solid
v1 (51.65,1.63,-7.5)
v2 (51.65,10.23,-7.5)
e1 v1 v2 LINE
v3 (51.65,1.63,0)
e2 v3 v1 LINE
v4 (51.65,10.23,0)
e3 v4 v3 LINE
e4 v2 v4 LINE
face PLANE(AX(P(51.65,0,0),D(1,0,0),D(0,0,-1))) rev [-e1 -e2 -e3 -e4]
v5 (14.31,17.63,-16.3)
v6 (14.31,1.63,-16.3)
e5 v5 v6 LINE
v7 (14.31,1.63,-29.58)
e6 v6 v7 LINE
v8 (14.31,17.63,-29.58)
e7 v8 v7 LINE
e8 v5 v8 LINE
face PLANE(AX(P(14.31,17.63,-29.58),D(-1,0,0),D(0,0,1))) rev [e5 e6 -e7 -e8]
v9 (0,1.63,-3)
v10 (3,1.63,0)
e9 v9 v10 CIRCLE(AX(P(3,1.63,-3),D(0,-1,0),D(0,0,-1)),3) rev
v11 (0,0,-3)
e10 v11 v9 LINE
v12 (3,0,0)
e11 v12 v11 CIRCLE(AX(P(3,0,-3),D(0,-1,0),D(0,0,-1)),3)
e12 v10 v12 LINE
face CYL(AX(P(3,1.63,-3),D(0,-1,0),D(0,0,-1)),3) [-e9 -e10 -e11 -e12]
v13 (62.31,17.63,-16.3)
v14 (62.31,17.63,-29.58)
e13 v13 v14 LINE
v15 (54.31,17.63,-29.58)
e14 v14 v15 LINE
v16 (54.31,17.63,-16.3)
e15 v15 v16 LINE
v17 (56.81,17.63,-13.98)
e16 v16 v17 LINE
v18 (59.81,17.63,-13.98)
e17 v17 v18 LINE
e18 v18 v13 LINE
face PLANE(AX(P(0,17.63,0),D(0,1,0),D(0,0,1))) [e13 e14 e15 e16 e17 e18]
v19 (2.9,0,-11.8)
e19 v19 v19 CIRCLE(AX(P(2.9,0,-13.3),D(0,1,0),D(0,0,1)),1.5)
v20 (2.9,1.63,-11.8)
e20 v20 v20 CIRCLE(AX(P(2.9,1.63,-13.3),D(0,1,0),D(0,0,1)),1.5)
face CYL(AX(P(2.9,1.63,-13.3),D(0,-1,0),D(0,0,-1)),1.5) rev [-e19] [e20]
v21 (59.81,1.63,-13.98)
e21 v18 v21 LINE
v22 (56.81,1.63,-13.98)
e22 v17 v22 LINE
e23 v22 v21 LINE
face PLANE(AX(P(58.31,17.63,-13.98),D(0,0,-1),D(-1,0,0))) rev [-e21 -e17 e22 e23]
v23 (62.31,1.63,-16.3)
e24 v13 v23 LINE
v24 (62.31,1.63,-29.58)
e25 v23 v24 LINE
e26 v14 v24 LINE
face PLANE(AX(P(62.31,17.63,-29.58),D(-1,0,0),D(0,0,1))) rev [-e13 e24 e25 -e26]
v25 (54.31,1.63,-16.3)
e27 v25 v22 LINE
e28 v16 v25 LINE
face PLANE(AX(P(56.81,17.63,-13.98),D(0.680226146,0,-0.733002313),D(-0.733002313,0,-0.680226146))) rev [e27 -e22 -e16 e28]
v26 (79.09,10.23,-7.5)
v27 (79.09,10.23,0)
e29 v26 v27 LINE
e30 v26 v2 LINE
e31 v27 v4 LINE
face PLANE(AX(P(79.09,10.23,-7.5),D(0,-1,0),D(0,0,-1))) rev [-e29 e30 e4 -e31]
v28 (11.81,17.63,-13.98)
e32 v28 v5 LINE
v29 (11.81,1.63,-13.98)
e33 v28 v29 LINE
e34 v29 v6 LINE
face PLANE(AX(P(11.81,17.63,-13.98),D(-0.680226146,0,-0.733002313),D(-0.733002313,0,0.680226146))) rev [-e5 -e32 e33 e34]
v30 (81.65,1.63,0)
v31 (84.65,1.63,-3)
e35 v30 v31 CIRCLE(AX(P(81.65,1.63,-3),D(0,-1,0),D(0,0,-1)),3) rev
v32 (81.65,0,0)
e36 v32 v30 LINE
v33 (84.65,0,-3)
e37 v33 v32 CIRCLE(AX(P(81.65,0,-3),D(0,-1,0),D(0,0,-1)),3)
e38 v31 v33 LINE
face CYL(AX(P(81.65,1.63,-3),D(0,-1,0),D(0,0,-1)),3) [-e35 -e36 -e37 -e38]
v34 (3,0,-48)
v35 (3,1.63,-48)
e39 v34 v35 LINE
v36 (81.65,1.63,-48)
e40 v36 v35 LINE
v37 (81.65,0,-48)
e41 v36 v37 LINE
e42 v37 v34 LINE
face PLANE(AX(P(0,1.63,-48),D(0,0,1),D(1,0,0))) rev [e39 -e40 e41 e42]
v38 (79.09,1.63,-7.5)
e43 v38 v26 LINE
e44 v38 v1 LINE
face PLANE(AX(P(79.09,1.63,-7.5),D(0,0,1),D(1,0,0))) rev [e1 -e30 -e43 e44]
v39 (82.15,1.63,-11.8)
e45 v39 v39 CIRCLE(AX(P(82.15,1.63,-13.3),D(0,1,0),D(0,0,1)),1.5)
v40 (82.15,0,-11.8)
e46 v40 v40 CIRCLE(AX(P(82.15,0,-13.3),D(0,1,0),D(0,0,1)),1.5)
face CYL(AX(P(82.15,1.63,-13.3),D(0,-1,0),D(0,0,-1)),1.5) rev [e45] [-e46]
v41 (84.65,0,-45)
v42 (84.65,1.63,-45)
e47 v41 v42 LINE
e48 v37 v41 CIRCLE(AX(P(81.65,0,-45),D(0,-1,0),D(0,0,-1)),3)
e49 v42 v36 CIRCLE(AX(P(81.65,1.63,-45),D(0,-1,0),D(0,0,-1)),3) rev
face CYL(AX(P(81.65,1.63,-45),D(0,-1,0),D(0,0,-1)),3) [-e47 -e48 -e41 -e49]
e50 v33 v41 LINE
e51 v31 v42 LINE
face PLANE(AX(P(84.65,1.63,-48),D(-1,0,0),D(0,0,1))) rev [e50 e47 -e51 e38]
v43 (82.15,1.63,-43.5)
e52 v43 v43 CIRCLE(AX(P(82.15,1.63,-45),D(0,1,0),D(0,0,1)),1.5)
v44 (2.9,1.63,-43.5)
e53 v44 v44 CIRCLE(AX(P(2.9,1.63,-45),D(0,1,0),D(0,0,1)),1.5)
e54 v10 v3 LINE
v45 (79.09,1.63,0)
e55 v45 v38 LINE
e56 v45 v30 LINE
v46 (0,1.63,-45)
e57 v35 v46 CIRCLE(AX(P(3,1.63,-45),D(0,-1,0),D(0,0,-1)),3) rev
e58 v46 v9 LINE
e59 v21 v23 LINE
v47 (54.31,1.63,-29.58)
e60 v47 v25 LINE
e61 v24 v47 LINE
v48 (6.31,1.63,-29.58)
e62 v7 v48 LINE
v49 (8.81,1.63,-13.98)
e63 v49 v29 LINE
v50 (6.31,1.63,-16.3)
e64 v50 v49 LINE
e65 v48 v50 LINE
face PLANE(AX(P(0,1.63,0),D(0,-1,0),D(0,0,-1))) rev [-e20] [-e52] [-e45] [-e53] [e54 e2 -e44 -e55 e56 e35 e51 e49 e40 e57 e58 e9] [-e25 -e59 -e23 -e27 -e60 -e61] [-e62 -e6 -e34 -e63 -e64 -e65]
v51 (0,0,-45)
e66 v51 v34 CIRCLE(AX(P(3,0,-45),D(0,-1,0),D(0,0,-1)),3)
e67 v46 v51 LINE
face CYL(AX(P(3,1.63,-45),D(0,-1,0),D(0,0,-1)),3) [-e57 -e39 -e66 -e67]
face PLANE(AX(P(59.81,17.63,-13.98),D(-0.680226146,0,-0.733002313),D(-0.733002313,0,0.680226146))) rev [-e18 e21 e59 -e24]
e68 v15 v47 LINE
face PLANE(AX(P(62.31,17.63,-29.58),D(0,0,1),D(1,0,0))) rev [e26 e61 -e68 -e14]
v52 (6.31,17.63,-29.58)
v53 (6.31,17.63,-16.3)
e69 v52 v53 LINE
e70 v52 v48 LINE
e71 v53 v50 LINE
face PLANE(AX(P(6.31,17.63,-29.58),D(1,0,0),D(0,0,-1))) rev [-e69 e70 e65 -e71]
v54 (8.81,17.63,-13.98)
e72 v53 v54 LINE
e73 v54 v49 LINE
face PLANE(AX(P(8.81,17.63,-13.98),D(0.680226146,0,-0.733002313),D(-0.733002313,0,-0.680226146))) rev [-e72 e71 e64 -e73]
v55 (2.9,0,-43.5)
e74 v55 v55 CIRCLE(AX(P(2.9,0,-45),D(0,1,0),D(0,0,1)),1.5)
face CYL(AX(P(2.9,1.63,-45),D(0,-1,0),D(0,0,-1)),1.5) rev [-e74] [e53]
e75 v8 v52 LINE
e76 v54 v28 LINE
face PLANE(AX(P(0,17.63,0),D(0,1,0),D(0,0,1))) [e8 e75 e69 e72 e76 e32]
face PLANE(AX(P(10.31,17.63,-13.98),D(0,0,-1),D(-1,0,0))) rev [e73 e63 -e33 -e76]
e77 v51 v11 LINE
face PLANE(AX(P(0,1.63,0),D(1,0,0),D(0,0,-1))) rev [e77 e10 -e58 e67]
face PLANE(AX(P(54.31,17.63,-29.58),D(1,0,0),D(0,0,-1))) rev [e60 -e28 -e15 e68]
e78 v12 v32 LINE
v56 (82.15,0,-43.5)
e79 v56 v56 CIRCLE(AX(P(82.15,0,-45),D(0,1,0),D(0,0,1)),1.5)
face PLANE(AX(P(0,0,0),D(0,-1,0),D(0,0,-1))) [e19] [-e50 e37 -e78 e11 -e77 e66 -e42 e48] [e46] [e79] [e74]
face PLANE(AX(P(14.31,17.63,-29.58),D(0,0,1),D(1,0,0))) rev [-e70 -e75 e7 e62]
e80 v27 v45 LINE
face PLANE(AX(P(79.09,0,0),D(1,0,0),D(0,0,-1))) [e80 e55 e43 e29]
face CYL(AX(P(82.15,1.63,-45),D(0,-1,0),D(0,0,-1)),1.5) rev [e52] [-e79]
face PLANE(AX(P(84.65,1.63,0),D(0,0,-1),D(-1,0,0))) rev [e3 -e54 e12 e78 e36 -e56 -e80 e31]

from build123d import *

# Parameters (mm, degrees)
SKETCH_1_W      = 84.65
SKETCH_1_H      = 48
SKETCH_1_R      = 1.5
EXTRUDE_1_DEPTH = 1.63
FILLET_1_R      = 3
SKETCH_4_W      = 7.5
SKETCH_4_H      = 8.6
EXTRUDE_2_DEPTH = 27.44
EXTRUDE_3_DEPTH = 16


with BuildPart() as part:
    # 草图1 → 凸台-拉伸1 (new body)
    with BuildSketch(Plane(origin=(0, 0, 0), x_dir=(1, 0, 0), z_dir=(0, 1, 0))):
        with Locations((42.325, 24)):
            Rectangle(SKETCH_1_W, SKETCH_1_H)
        with Locations(Location((2.9, 45, 0), (0, 0, 270))):
            Circle(SKETCH_1_R, mode=Mode.SUBTRACT)
        with Locations(Location((2.9, 13.3, 0), (0, 0, 270))):
            Circle(SKETCH_1_R, mode=Mode.SUBTRACT)
        with Locations(Location((82.15, 45, 0), (0, 0, 270))):
            Circle(SKETCH_1_R, mode=Mode.SUBTRACT)
        with Locations(Location((82.15, 13.3, 0), (0, 0, 270))):
            Circle(SKETCH_1_R, mode=Mode.SUBTRACT)
    extrude(amount=EXTRUDE_1_DEPTH)

    # 圆角1
    fillet_1_edges = [part.edges().sort_by_distance(p)[0] for p in [
        (0, 0.815, 0),
        (0, 0.815, -48),
        (84.65, 0.815, -48),
        (84.65, 0.815, 0),
    ]]
    fillet(fillet_1_edges, radius=FILLET_1_R)

    # 草图4 → 凸台-拉伸2 (add)
    with BuildSketch(Plane(origin=(51.65, 0, 0), x_dir=(0, 0, -1), z_dir=(1, 0, 0))):
        with Locations((3.75, 5.93)):
            Rectangle(SKETCH_4_W, SKETCH_4_H)
    extrude(amount=EXTRUDE_2_DEPTH)

    # 草图5 → 凸台-拉伸3 (add)
    with BuildSketch(Plane(origin=(0, 1.63, 0), x_dir=(1, 0, 0), z_dir=(0, 1, 0))):
        Polygon((62.31, 29.58), (62.31, 16.3), (59.81, 13.98), (58.31, 13.98), (56.81, 13.98), (54.31, 16.3), (54.31, 29.58), align=None)
        Polygon((10.31, 13.98), (8.81, 13.98), (6.31, 16.3), (6.31, 29.58), (14.31, 29.58), (14.31, 16.3), (11.81, 13.98), align=None)
    extrude(amount=EXTRUDE_3_DEPTH)


solid = part.part
